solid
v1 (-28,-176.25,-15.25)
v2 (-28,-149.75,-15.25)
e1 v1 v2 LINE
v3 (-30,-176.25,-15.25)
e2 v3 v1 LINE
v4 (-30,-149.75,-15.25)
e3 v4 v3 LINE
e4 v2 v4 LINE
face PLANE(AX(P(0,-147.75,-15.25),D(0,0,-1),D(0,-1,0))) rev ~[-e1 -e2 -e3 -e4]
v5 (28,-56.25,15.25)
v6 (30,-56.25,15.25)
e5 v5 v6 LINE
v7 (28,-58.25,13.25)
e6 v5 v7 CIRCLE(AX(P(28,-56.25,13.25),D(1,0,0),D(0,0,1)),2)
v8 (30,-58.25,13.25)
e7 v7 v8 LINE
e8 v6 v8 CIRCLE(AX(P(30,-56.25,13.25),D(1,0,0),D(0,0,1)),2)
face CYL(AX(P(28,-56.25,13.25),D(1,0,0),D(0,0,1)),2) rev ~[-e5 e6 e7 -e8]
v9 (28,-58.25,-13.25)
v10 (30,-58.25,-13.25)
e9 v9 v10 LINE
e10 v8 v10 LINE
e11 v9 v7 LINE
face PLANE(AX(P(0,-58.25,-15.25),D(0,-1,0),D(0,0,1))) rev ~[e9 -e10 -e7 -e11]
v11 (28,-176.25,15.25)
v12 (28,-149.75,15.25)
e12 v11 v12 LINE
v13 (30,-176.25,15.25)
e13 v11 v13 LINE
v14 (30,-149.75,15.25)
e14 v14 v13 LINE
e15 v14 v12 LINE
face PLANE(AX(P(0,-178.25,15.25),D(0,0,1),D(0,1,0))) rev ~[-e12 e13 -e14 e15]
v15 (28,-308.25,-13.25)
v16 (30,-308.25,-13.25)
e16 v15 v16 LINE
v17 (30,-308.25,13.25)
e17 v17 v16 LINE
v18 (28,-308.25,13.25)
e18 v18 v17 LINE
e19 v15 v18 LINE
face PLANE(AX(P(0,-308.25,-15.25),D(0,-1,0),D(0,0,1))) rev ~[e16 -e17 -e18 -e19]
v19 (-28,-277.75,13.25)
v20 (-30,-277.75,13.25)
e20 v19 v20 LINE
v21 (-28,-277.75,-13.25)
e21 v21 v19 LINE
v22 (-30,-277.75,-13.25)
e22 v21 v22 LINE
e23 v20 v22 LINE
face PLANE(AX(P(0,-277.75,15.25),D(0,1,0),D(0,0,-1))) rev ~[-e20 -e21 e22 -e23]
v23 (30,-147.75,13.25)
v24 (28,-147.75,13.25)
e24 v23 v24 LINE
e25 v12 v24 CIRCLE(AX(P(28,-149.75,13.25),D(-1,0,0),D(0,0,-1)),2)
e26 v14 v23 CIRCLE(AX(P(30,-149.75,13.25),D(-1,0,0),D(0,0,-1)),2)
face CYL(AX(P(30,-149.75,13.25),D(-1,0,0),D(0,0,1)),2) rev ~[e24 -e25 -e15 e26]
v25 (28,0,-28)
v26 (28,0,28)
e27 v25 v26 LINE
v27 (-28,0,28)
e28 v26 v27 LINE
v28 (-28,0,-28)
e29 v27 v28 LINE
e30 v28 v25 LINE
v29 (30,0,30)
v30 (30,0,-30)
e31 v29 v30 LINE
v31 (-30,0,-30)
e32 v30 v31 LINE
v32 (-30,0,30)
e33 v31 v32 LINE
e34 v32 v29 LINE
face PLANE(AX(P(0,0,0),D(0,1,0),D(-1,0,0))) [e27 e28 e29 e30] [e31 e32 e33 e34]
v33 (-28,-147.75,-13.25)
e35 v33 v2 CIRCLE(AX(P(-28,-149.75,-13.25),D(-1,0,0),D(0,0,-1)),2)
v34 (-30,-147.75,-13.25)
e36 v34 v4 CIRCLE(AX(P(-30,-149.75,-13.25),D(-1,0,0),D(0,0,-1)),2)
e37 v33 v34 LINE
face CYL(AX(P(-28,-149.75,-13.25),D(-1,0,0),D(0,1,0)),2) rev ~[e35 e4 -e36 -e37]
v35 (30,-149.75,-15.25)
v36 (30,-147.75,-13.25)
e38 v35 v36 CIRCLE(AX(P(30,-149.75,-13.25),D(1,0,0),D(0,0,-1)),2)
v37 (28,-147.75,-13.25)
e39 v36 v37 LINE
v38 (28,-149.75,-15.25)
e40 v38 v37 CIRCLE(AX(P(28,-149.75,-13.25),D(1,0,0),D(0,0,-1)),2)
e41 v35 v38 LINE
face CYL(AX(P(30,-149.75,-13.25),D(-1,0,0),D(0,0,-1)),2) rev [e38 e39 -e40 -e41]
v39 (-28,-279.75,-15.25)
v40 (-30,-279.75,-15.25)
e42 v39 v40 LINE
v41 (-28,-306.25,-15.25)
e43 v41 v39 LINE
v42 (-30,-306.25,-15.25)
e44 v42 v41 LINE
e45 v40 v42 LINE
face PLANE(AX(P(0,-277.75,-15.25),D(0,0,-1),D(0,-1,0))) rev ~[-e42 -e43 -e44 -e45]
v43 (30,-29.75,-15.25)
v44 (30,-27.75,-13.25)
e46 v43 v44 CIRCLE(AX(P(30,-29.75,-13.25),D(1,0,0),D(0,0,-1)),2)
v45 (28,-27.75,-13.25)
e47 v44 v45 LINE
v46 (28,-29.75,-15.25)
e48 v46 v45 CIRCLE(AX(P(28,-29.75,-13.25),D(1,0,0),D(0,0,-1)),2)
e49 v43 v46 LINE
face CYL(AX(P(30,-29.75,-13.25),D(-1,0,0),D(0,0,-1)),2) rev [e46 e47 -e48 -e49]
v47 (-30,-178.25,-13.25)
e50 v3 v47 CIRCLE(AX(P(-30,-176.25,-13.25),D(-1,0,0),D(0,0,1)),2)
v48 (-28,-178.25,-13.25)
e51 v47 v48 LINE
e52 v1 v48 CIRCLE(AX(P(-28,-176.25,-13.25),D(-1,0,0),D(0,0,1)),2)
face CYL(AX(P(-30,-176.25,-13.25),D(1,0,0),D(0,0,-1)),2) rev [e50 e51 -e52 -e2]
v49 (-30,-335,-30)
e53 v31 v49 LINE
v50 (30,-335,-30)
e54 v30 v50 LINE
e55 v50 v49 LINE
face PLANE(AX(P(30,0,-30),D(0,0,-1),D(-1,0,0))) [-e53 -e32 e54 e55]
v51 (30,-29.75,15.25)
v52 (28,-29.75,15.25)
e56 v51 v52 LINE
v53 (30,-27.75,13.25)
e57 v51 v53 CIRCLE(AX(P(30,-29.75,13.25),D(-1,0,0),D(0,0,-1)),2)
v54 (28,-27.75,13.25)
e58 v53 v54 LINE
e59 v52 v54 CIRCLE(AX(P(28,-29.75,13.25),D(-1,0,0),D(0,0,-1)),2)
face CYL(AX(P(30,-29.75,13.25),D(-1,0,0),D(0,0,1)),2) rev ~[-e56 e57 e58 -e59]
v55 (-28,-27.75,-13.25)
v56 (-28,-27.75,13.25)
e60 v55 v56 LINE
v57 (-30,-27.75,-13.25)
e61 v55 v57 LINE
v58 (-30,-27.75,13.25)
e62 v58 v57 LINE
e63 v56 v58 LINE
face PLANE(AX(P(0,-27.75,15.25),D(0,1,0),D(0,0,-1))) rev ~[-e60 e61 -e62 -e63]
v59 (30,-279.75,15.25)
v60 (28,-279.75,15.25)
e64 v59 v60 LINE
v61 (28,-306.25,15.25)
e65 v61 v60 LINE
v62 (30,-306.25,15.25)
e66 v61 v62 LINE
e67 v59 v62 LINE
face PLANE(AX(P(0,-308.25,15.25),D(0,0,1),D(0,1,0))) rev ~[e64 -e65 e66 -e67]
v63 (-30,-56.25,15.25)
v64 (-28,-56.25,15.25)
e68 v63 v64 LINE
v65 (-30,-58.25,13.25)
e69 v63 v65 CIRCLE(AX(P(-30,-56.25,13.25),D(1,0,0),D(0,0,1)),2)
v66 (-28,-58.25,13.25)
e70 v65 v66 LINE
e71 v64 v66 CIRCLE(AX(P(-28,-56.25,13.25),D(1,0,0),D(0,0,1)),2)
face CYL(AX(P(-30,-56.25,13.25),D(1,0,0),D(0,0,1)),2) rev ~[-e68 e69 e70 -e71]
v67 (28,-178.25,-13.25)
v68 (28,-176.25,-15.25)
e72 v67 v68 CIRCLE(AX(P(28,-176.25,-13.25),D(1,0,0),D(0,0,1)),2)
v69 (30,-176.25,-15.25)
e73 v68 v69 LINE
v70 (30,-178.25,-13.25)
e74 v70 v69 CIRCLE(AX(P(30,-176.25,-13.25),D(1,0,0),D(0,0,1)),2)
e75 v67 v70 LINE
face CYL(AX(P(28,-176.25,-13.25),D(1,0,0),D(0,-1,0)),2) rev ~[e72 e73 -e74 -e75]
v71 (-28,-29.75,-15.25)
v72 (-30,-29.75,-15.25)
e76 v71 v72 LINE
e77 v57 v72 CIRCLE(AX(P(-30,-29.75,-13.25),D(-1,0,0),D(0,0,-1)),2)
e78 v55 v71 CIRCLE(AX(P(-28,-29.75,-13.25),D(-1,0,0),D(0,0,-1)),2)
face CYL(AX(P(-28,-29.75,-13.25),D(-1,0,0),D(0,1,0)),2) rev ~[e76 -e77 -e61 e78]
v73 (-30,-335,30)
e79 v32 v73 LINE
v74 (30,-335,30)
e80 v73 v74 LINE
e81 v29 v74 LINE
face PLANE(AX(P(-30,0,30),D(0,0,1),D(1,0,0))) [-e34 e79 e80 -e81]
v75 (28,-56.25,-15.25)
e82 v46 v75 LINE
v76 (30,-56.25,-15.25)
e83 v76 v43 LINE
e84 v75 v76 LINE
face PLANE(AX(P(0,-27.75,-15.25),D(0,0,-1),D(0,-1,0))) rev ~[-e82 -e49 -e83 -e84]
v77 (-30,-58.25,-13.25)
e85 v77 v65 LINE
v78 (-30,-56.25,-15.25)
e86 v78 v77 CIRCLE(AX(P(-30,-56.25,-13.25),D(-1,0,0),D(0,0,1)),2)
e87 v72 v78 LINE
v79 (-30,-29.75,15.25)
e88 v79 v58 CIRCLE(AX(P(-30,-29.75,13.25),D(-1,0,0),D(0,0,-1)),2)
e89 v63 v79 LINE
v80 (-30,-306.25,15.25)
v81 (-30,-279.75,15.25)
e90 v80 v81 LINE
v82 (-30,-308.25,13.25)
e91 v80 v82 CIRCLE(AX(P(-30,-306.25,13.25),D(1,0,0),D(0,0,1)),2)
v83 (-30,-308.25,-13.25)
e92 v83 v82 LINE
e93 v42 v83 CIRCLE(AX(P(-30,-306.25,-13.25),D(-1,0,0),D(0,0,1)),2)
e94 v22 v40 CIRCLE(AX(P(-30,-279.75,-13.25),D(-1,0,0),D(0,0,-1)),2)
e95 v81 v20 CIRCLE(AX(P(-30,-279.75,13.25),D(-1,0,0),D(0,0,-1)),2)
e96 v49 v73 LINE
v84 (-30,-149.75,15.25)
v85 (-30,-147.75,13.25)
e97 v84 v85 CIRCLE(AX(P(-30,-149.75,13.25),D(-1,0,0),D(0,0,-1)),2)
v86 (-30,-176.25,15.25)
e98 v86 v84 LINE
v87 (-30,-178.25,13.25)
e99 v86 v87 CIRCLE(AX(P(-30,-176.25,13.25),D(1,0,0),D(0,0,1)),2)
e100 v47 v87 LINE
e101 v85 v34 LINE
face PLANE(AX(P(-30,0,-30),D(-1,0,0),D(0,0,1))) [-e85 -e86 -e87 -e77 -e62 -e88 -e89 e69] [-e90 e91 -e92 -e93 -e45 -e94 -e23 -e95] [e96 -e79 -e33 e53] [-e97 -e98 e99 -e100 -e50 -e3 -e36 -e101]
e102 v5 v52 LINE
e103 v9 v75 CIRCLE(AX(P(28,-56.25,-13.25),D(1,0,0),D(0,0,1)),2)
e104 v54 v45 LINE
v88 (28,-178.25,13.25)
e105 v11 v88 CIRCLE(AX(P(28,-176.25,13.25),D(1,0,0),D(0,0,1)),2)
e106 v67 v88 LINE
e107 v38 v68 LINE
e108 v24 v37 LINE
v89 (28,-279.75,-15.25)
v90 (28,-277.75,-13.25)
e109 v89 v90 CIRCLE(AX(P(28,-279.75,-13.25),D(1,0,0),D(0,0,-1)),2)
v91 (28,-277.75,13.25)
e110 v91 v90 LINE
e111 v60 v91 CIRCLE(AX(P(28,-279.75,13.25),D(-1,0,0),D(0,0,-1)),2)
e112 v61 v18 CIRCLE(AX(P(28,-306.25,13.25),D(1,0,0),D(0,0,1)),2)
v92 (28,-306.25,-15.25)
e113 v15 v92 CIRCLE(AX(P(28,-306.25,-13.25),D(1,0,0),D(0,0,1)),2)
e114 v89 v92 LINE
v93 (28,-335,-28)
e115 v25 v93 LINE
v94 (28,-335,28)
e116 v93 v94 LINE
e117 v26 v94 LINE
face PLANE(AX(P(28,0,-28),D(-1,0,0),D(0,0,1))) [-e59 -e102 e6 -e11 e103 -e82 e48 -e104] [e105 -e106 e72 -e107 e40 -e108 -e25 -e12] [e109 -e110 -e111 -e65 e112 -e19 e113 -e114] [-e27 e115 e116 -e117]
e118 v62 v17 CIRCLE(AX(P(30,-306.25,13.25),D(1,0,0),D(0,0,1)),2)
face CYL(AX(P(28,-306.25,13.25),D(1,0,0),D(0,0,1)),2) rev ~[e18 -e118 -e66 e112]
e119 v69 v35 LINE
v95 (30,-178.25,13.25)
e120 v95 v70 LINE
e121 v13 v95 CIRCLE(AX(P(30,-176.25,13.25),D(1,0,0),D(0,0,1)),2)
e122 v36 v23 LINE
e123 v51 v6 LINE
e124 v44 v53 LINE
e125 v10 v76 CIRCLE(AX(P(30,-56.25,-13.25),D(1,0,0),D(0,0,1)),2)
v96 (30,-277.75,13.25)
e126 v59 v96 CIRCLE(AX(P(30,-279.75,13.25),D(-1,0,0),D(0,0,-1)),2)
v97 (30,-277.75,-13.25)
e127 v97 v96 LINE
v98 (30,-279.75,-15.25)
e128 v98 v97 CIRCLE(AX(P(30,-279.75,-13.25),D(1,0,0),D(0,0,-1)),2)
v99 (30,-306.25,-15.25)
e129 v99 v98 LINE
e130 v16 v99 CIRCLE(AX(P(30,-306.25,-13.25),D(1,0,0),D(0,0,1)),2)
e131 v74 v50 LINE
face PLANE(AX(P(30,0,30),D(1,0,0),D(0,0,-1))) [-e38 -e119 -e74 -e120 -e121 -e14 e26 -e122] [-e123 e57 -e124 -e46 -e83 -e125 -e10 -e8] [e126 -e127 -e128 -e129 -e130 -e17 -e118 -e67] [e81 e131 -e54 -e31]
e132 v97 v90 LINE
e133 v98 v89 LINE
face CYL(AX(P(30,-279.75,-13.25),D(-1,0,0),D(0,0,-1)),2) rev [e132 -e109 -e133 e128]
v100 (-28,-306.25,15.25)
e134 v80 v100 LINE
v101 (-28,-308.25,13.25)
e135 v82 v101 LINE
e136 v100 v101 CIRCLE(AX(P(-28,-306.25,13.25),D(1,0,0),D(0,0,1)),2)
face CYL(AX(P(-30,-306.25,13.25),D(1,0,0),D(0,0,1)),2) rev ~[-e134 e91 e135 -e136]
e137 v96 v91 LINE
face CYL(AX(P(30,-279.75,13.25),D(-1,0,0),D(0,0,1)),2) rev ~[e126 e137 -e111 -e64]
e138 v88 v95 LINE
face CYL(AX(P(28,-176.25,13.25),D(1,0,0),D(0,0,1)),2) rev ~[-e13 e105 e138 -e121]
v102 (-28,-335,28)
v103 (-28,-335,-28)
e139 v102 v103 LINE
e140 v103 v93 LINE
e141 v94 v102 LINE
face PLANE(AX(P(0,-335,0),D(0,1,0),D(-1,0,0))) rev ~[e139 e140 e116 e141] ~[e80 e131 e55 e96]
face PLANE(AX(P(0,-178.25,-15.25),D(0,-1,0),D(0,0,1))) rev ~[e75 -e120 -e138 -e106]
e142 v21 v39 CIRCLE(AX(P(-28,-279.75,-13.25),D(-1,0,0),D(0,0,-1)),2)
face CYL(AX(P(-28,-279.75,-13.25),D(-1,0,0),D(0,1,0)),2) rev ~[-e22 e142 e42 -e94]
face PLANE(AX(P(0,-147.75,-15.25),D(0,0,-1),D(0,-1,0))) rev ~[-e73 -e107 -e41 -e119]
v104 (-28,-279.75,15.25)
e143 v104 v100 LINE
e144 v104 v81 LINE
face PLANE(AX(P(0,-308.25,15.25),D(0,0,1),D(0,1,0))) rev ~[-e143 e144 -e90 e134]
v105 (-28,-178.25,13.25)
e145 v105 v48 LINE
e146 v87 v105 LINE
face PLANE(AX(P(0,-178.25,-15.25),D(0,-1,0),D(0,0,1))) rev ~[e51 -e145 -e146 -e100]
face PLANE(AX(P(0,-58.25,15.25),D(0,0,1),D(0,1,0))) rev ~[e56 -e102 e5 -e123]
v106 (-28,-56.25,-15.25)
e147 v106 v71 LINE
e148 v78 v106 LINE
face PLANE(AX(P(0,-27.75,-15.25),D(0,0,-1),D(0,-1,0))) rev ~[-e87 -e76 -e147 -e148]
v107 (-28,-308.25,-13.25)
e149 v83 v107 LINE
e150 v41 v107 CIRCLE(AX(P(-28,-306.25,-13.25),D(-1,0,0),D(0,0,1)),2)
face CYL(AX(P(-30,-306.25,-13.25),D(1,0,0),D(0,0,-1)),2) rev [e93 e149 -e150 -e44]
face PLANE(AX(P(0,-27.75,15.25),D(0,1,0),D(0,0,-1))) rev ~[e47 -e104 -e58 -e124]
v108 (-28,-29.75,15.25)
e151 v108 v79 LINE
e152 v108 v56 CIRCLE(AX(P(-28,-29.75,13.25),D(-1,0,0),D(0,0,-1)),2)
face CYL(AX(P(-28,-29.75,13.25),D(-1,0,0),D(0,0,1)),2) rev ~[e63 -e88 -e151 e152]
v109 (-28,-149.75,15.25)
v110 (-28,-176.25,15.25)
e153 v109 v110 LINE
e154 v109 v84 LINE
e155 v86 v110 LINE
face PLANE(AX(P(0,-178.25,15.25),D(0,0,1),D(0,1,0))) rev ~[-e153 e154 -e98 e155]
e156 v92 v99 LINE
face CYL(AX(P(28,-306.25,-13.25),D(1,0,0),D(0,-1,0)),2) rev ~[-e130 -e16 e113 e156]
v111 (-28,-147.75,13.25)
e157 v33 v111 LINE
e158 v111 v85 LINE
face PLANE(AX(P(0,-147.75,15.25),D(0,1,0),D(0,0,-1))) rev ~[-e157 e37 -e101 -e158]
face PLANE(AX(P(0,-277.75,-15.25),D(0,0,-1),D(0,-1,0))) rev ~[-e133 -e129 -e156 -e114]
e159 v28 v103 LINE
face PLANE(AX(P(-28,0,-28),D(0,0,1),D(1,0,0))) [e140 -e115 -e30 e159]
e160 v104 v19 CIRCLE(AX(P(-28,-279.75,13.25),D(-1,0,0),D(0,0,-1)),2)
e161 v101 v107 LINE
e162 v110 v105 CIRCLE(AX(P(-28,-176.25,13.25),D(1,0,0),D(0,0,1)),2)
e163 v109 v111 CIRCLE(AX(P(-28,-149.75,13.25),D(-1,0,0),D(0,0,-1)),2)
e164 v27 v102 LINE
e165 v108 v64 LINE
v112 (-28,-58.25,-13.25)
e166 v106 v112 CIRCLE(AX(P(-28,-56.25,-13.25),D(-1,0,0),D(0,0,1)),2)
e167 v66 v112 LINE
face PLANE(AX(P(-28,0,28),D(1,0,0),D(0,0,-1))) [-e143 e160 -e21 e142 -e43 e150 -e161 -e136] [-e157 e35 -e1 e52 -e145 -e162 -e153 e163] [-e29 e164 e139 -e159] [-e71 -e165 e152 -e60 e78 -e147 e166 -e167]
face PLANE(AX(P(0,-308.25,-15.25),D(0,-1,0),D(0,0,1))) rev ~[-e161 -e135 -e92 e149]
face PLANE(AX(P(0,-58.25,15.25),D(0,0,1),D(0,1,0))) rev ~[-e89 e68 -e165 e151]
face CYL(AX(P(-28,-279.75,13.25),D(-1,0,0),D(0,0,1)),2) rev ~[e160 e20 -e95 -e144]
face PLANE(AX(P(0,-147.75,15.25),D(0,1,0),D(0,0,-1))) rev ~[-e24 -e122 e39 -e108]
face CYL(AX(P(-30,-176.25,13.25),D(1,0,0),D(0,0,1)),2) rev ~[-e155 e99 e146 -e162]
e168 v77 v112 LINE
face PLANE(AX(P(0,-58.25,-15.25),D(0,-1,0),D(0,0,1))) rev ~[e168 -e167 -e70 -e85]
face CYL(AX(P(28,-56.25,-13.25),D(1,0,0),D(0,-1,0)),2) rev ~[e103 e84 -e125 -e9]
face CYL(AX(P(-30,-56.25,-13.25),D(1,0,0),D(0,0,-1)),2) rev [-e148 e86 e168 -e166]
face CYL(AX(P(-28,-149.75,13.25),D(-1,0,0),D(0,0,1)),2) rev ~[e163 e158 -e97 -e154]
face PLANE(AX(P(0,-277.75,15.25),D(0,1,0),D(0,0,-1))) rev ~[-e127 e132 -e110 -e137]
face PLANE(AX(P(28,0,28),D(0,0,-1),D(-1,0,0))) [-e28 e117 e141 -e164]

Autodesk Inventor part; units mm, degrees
ref_plane "YZ Plane" through (0, 0, 0) normal (1, 0, 0) x (0, 1, 0)
ref_plane "XZ Plane" through (0, 0, 0) normal (0, 1, 0) x (-1, 0, 0)
ref_plane "XY Plane" through (0, 0, 0) normal (0, 0, 1) x (1, 0, 0)
sketch "Sketch9" plane through (0, 0, 0) normal (0, 1, 0) x (-1, 0, 0)
  line L0 (30, 30) -> (-30, 30)
  line L1 (-30, 30) -> (-30, -30)
  line L2 (-30, -30) -> (30, -30)
  line L3 (30, -30) -> (30, 30)
  line L4 (30, 30) -> (-30, -30) construction
  line L5 (-30, 30) -> (30, -30) construction
  line L6 (-28, 28) -> (28, 28)
  line L7 (28, 28) -> (28, -28)
  line L8 (28, -28) -> (-28, -28)
  line L9 (-28, -28) -> (-28, 28)
  point P0 (0, 0)
  dimension "d172" = 60
  dimension "d173" = 60
  dimension "d174" = 2
extrude "Extrusion3" add sketch "Sketch9" against normal blind 335
sketch "Sketch10" plane through (0, 0, 0) normal (1, 0, 0) x (0, 1, 0)
  line L0 (0, 30) -> (0, -30) construction
  line L1 (0, 30) -> (-335, 30) construction
  line L2 (-335, -30) -> (-335, 30) construction
  line L3 (0, -30) -> (-335, -30) construction
  line L4 (-58.25, 15.25) -> (-27.75, 15.25)
  line L5 (-27.75, 15.25) -> (-27.75, -15.25)
  line L6 (-27.75, -15.25) -> (-58.25, -15.25)
  line L7 (-58.25, -15.25) -> (-58.25, 15.25)
  line L8 (-58.25, 15.25) -> (-27.75, -15.25) construction
  line L9 (-27.75, 15.25) -> (-58.25, -15.25) construction
  line L10 (-178.25, 15.25) -> (-147.75, 15.25)
  line L11 (-147.75, 15.25) -> (-147.75, -15.25)
  line L12 (-147.75, -15.25) -> (-178.25, -15.25)
  line L13 (-178.25, -15.25) -> (-178.25, 15.25)
  line L14 (-178.25, 15.25) -> (-147.75, -15.25) construction
  line L15 (-147.75, 15.25) -> (-178.25, -15.25) construction
  line L16 (-308.25, 15.25) -> (-277.75, 15.25)
  line L17 (-277.75, 15.25) -> (-277.75, -15.25)
  line L18 (-277.75, -15.25) -> (-308.25, -15.25)
  line L19 (-308.25, -15.25) -> (-308.25, 15.25)
  line L20 (-308.25, 15.25) -> (-277.75, -15.25) construction
  line L21 (-277.75, 15.25) -> (-308.25, -15.25) construction
  circle A0 centre (-453, 0) radius 9
  line L22 (0, 0) -> (47, 0)
  point P0 (-43, 0)
  point P1 (-163, 0)
  point P2 (-293, 0)
  dimension "d177" = 30.5
  dimension "d178" = 30.5
  dimension "d181" = 47
  dimension "d182" = 90
  dimension "d183" = 210
  dimension "d184" = 340
  dimension "d185" = 500
  dimension "d186" = 18
extrude "Extrusion4" cut sketch "Sketch10" along normal through all both and the other way through all contours L4 L5 L6 L7 | L10 L11 L12 L13 | L16 L17 L18 L19
sketch "Sketch11" plane through (30, 0, 30) normal (1, 0, 0) x (0, 0, -1)
  line L0 (45.25, -178.25) -> (14.75, -178.25) projected
  line L1 (14.75, -178.25) -> (14.75, -147.75) projected
  line L2 (14.75, -147.75) -> (45.25, -147.75) projected
  line L3 (45.25, -147.75) -> (45.25, -178.25) projected
  line L4 (45.25, -58.25) -> (14.75, -58.25) projected
  line L5 (14.75, -58.25) -> (14.75, -27.75) projected
  line L6 (14.75, -27.75) -> (45.25, -27.75) projected
  line L7 (45.25, -27.75) -> (45.25, -58.25) projected
  line L8 (45.25, -308.25) -> (14.75, -308.25) projected
  line L9 (14.75, -308.25) -> (14.75, -277.75) projected
  line L10 (14.75, -277.75) -> (45.25, -277.75) projected
  line L11 (45.25, -277.75) -> (45.25, -308.25) projected
  line L12 (0, 0) -> (60, 0) projected
  line L13 (0, 0) -> (0, -335) projected
  line L14 (60, -335) -> (0, -335) projected
  line L15 (60, 0) -> (60, -335) projected
  line L16 (45.25, -27.75) -> (14.75, -58.25)
  line L17 (45.25, -147.75) -> (14.75, -178.25)
  line L18 (45.25, -277.75) -> (14.75, -308.25)
  point P0 (30, 0)
sketch "Sketch13" plane through (-30, 0, -30) normal (-1, 0, 0) x (0, 0, 1)
  line L0 (45.25, -178.25) -> (14.75, -178.25) projected
  line L1 (14.75, -178.25) -> (14.75, -147.75) projected
  line L2 (14.75, -147.75) -> (45.25, -147.75) projected
  line L3 (45.25, -147.75) -> (45.25, -178.25) projected
  line L4 (45.25, -58.25) -> (14.75, -58.25) projected
  line L5 (14.75, -58.25) -> (14.75, -27.75) projected
  line L6 (14.75, -27.75) -> (45.25, -27.75) projected
  line L7 (45.25, -27.75) -> (45.25, -58.25) projected
  line L8 (45.25, -308.25) -> (14.75, -308.25) projected
  line L9 (14.75, -308.25) -> (14.75, -277.75) projected
  line L10 (14.75, -277.75) -> (45.25, -277.75) projected
  line L11 (45.25, -277.75) -> (45.25, -308.25) projected
  line L12 (0, 0) -> (60, 0) projected
  line L13 (0, 0) -> (0, -335) projected
  line L14 (60, -335) -> (0, -335) projected
  line L15 (60, 0) -> (60, -335) projected
  line L16 (14.75, -58.25) -> (45.25, -27.75)
  line L17 (14.75, -178.25) -> (45.25, -147.75)
  line L18 (14.75, -308.25) -> (45.25, -277.75)
  point P0 (30, 0)
fillet "Fillet1" radius 2 24 edges at (29, -277.75, -15.25) (29, -277.75, 15.25) (29, -308.25, 15.25) (29, -308.25, -15.25) (29, -178.25, -15.25) (29, -178.25, 15.25) (29, -147.75, 15.25) (29, -147.75, -15.25) (29, -58.25, 15.25) (29, -27.75, 15.25) (29, -27.75, -15.25) (29, -58.25, -15.25) (-29, -58.25, 15.25) (-29, -27.75, 15.25) (-29, -27.75, -15.25) (-29, -58.25, -15.25) (-29, -147.75, 15.25) (-29, -178.25, 15.25) (-29, -178.25, -15.25) (-29, -147.75, -15.25) (-29, -277.75, 15.25) (-29, -308.25, 15.25) (-29, -277.75, -15.25) (-29, -308.25, -15.25)
properties part number "TZS 1653 FDS 940 Diameter beam" material "Stainless Steel"
